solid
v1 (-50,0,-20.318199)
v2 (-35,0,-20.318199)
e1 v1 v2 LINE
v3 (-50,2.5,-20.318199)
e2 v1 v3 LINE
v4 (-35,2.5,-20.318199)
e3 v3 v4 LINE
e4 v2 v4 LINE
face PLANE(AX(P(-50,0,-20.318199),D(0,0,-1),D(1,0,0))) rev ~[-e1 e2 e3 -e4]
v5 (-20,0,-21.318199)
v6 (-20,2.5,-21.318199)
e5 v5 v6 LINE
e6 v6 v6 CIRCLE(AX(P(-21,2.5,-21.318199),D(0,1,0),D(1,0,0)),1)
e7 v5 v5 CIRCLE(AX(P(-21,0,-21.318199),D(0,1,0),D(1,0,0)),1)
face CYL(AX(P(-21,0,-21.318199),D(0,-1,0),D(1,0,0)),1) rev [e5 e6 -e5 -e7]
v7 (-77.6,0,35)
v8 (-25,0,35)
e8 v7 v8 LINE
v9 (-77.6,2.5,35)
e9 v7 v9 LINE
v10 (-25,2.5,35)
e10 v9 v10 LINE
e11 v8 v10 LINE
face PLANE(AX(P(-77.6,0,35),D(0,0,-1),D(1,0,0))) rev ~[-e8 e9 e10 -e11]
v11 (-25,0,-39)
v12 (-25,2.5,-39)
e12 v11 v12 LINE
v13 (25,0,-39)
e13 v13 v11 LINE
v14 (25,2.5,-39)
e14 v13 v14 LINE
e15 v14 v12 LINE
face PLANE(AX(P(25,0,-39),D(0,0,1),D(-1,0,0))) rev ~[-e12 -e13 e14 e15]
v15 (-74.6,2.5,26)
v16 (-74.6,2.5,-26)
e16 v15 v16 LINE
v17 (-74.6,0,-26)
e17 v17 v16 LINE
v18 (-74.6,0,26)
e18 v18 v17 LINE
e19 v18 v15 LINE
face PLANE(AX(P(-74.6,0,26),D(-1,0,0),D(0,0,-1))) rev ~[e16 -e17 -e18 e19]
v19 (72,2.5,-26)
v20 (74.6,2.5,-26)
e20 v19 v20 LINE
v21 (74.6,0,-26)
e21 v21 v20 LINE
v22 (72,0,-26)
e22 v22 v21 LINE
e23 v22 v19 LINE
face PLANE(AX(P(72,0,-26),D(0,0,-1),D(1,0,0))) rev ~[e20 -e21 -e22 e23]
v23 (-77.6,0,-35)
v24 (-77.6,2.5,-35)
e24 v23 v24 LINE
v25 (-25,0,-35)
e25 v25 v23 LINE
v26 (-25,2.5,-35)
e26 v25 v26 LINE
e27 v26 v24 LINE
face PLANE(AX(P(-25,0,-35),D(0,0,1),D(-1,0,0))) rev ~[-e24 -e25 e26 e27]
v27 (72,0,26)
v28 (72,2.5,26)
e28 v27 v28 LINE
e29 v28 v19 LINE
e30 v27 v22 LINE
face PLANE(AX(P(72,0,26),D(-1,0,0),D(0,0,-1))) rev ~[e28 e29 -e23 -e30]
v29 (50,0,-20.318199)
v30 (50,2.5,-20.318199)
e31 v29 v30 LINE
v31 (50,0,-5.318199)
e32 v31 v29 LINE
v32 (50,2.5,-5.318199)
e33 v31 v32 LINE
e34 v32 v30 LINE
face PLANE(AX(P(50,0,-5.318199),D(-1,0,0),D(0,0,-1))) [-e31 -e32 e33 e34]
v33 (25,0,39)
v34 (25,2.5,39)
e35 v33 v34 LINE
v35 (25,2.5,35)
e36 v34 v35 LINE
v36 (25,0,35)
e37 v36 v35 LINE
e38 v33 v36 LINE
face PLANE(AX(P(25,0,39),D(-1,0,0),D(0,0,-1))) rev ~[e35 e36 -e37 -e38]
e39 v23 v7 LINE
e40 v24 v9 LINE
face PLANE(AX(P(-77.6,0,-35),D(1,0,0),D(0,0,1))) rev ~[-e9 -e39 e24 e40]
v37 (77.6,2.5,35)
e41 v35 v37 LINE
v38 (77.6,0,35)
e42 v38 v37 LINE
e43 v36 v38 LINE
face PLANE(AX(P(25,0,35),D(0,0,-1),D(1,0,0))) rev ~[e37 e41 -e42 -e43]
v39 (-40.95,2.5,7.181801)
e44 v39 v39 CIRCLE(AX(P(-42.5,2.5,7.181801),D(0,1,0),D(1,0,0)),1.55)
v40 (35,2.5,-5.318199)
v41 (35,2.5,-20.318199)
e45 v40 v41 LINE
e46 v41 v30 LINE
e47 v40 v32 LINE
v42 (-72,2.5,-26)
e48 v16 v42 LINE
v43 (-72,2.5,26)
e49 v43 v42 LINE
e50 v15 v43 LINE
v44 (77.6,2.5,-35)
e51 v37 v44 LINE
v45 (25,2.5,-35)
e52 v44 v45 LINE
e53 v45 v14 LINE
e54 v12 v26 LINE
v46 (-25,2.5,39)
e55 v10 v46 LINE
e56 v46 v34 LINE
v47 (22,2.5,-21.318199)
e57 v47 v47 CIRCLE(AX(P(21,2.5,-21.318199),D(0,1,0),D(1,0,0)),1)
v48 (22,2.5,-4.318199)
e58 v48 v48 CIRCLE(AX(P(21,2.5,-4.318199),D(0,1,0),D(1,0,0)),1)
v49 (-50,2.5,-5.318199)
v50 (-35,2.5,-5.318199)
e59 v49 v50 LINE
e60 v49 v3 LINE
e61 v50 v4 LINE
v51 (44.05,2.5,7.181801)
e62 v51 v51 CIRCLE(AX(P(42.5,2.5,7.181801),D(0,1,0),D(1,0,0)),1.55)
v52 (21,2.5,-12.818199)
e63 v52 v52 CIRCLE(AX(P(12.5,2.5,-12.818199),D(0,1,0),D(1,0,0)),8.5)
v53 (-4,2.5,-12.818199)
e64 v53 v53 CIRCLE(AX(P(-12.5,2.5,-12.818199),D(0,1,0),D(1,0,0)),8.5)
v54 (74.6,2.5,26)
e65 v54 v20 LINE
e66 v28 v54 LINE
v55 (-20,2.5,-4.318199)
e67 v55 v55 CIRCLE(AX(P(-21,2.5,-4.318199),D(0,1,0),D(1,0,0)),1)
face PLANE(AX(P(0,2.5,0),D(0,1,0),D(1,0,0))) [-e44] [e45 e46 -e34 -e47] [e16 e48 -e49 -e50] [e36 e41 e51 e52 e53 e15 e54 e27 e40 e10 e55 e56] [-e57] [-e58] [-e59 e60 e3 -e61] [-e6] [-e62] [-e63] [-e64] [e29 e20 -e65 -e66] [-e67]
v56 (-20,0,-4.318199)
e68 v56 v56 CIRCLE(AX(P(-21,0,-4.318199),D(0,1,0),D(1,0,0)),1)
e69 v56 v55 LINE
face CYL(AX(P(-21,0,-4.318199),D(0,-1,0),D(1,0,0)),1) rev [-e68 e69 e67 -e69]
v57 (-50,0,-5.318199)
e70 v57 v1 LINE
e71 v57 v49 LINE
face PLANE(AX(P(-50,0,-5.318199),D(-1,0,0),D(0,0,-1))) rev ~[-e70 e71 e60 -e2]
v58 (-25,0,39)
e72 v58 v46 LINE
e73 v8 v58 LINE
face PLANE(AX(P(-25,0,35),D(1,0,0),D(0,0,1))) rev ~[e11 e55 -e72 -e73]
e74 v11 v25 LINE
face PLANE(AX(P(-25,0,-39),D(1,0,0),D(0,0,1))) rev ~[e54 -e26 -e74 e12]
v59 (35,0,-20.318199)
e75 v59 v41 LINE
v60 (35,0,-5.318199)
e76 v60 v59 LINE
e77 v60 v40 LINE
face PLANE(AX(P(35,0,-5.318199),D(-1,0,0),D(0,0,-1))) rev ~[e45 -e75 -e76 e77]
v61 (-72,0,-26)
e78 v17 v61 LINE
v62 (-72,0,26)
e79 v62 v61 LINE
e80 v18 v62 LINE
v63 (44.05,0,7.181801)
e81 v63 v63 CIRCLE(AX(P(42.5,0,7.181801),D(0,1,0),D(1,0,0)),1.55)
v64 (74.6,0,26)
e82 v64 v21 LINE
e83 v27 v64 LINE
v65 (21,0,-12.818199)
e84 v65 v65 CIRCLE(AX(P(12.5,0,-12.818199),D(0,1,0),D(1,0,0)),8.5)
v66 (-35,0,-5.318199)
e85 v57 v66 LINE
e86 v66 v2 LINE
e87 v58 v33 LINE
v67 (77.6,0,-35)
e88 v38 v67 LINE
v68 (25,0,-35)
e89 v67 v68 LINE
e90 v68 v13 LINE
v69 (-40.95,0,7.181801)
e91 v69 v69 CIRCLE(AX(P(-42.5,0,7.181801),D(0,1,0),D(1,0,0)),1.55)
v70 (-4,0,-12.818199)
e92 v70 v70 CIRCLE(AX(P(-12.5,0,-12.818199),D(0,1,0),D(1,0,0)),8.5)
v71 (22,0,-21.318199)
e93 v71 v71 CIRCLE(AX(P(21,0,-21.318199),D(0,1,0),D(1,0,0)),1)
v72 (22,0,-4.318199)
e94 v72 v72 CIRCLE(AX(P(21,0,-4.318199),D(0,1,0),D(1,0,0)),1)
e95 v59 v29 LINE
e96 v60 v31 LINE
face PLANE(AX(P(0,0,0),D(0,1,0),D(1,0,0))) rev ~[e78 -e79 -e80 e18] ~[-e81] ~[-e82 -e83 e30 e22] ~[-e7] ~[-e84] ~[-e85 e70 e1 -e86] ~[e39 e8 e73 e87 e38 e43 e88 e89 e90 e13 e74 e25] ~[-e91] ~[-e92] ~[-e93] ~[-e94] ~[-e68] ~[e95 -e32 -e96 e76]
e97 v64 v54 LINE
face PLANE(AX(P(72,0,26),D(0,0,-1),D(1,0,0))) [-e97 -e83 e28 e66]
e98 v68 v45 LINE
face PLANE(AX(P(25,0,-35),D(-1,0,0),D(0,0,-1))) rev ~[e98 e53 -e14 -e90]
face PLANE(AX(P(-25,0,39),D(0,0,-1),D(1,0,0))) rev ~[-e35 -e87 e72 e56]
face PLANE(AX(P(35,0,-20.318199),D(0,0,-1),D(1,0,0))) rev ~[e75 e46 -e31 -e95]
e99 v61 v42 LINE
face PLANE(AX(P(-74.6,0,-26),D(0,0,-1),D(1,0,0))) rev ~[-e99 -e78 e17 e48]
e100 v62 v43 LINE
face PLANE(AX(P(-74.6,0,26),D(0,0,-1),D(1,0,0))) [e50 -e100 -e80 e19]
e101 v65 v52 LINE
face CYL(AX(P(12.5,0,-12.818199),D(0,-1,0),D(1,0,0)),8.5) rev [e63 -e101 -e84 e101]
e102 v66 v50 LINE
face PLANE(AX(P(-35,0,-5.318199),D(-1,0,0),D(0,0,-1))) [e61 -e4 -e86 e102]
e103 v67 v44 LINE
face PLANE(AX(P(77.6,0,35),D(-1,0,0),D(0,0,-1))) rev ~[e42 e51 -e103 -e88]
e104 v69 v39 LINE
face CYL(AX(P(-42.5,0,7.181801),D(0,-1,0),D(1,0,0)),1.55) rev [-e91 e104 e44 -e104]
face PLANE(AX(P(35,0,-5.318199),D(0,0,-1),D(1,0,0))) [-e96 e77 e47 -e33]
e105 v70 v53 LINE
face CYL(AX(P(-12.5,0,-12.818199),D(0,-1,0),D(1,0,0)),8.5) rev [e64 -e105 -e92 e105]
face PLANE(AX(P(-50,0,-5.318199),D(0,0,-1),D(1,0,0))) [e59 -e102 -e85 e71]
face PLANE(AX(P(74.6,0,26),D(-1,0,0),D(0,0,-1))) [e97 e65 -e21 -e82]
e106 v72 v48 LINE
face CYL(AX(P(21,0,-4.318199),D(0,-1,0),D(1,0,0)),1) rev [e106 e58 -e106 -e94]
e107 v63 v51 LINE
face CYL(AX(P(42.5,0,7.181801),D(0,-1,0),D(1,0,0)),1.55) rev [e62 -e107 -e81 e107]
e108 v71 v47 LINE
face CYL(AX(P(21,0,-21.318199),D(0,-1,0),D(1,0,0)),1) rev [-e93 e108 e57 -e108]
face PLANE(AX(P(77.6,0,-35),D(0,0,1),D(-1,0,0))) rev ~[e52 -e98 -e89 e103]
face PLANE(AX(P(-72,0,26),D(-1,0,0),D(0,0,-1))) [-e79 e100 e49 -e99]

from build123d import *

# Parameters (mm, degrees)
SKETCH2_R           = 8.5
SKETCH2_R_2         = 1
SKETCH2_R_3         = 1.55
SKETCH2_W           = 2.6
SKETCH2_H           = 52
SKETCH2_W_2         = 15
SKETCH2_H_2         = 15
BOSS_EXTRUDE1_DEPTH = 2.5


with BuildPart() as part:
    # Sketch2 → Boss-Extrude1 (new body)
    with BuildSketch(Plane(origin=(0, 0, 0), x_dir=(1, 0, 0), z_dir=(0, 1, 0))):
        Polygon((-25, 35), (-77.6, 35), (-77.6, -35), (-25, -35), (-25, -39), (25, -39), (25, -35), (77.6, -35), (77.6, 35), (25, 35), (25, 39), (-25, 39), align=None)
        with Locations((-12.5, 12.818198975)):
            Circle(SKETCH2_R, mode=Mode.SUBTRACT)
        with Locations((-21, 21.318198975)):
            Circle(SKETCH2_R_2, mode=Mode.SUBTRACT)
        with Locations((-21, 4.318198975)):
            Circle(SKETCH2_R_2, mode=Mode.SUBTRACT)
        with Locations((21, 4.318198975)):
            Circle(SKETCH2_R_2, mode=Mode.SUBTRACT)
        with Locations((21, 21.318198975)):
            Circle(SKETCH2_R_2, mode=Mode.SUBTRACT)
        with Locations((12.5, 12.818198975)):
            Circle(SKETCH2_R, mode=Mode.SUBTRACT)
        with Locations((-42.5, -7.181801025)):
            Circle(SKETCH2_R_3, mode=Mode.SUBTRACT)
        with Locations((42.5, -7.181801025)):
            Circle(SKETCH2_R_3, mode=Mode.SUBTRACT)
        with Locations((-73.3, 0)):
            Rectangle(SKETCH2_W, SKETCH2_H, mode=Mode.SUBTRACT)
        with Locations((73.3, 0)):
            Rectangle(SKETCH2_W, SKETCH2_H, mode=Mode.SUBTRACT)
        with Locations((42.5, 12.818198975)):
            Rectangle(SKETCH2_W_2, SKETCH2_H_2, mode=Mode.SUBTRACT)
        with Locations((-42.5, 12.818198975)):
            Rectangle(SKETCH2_W_2, SKETCH2_H_2, mode=Mode.SUBTRACT)
    extrude(amount=BOSS_EXTRUDE1_DEPTH)


solid = part.part
